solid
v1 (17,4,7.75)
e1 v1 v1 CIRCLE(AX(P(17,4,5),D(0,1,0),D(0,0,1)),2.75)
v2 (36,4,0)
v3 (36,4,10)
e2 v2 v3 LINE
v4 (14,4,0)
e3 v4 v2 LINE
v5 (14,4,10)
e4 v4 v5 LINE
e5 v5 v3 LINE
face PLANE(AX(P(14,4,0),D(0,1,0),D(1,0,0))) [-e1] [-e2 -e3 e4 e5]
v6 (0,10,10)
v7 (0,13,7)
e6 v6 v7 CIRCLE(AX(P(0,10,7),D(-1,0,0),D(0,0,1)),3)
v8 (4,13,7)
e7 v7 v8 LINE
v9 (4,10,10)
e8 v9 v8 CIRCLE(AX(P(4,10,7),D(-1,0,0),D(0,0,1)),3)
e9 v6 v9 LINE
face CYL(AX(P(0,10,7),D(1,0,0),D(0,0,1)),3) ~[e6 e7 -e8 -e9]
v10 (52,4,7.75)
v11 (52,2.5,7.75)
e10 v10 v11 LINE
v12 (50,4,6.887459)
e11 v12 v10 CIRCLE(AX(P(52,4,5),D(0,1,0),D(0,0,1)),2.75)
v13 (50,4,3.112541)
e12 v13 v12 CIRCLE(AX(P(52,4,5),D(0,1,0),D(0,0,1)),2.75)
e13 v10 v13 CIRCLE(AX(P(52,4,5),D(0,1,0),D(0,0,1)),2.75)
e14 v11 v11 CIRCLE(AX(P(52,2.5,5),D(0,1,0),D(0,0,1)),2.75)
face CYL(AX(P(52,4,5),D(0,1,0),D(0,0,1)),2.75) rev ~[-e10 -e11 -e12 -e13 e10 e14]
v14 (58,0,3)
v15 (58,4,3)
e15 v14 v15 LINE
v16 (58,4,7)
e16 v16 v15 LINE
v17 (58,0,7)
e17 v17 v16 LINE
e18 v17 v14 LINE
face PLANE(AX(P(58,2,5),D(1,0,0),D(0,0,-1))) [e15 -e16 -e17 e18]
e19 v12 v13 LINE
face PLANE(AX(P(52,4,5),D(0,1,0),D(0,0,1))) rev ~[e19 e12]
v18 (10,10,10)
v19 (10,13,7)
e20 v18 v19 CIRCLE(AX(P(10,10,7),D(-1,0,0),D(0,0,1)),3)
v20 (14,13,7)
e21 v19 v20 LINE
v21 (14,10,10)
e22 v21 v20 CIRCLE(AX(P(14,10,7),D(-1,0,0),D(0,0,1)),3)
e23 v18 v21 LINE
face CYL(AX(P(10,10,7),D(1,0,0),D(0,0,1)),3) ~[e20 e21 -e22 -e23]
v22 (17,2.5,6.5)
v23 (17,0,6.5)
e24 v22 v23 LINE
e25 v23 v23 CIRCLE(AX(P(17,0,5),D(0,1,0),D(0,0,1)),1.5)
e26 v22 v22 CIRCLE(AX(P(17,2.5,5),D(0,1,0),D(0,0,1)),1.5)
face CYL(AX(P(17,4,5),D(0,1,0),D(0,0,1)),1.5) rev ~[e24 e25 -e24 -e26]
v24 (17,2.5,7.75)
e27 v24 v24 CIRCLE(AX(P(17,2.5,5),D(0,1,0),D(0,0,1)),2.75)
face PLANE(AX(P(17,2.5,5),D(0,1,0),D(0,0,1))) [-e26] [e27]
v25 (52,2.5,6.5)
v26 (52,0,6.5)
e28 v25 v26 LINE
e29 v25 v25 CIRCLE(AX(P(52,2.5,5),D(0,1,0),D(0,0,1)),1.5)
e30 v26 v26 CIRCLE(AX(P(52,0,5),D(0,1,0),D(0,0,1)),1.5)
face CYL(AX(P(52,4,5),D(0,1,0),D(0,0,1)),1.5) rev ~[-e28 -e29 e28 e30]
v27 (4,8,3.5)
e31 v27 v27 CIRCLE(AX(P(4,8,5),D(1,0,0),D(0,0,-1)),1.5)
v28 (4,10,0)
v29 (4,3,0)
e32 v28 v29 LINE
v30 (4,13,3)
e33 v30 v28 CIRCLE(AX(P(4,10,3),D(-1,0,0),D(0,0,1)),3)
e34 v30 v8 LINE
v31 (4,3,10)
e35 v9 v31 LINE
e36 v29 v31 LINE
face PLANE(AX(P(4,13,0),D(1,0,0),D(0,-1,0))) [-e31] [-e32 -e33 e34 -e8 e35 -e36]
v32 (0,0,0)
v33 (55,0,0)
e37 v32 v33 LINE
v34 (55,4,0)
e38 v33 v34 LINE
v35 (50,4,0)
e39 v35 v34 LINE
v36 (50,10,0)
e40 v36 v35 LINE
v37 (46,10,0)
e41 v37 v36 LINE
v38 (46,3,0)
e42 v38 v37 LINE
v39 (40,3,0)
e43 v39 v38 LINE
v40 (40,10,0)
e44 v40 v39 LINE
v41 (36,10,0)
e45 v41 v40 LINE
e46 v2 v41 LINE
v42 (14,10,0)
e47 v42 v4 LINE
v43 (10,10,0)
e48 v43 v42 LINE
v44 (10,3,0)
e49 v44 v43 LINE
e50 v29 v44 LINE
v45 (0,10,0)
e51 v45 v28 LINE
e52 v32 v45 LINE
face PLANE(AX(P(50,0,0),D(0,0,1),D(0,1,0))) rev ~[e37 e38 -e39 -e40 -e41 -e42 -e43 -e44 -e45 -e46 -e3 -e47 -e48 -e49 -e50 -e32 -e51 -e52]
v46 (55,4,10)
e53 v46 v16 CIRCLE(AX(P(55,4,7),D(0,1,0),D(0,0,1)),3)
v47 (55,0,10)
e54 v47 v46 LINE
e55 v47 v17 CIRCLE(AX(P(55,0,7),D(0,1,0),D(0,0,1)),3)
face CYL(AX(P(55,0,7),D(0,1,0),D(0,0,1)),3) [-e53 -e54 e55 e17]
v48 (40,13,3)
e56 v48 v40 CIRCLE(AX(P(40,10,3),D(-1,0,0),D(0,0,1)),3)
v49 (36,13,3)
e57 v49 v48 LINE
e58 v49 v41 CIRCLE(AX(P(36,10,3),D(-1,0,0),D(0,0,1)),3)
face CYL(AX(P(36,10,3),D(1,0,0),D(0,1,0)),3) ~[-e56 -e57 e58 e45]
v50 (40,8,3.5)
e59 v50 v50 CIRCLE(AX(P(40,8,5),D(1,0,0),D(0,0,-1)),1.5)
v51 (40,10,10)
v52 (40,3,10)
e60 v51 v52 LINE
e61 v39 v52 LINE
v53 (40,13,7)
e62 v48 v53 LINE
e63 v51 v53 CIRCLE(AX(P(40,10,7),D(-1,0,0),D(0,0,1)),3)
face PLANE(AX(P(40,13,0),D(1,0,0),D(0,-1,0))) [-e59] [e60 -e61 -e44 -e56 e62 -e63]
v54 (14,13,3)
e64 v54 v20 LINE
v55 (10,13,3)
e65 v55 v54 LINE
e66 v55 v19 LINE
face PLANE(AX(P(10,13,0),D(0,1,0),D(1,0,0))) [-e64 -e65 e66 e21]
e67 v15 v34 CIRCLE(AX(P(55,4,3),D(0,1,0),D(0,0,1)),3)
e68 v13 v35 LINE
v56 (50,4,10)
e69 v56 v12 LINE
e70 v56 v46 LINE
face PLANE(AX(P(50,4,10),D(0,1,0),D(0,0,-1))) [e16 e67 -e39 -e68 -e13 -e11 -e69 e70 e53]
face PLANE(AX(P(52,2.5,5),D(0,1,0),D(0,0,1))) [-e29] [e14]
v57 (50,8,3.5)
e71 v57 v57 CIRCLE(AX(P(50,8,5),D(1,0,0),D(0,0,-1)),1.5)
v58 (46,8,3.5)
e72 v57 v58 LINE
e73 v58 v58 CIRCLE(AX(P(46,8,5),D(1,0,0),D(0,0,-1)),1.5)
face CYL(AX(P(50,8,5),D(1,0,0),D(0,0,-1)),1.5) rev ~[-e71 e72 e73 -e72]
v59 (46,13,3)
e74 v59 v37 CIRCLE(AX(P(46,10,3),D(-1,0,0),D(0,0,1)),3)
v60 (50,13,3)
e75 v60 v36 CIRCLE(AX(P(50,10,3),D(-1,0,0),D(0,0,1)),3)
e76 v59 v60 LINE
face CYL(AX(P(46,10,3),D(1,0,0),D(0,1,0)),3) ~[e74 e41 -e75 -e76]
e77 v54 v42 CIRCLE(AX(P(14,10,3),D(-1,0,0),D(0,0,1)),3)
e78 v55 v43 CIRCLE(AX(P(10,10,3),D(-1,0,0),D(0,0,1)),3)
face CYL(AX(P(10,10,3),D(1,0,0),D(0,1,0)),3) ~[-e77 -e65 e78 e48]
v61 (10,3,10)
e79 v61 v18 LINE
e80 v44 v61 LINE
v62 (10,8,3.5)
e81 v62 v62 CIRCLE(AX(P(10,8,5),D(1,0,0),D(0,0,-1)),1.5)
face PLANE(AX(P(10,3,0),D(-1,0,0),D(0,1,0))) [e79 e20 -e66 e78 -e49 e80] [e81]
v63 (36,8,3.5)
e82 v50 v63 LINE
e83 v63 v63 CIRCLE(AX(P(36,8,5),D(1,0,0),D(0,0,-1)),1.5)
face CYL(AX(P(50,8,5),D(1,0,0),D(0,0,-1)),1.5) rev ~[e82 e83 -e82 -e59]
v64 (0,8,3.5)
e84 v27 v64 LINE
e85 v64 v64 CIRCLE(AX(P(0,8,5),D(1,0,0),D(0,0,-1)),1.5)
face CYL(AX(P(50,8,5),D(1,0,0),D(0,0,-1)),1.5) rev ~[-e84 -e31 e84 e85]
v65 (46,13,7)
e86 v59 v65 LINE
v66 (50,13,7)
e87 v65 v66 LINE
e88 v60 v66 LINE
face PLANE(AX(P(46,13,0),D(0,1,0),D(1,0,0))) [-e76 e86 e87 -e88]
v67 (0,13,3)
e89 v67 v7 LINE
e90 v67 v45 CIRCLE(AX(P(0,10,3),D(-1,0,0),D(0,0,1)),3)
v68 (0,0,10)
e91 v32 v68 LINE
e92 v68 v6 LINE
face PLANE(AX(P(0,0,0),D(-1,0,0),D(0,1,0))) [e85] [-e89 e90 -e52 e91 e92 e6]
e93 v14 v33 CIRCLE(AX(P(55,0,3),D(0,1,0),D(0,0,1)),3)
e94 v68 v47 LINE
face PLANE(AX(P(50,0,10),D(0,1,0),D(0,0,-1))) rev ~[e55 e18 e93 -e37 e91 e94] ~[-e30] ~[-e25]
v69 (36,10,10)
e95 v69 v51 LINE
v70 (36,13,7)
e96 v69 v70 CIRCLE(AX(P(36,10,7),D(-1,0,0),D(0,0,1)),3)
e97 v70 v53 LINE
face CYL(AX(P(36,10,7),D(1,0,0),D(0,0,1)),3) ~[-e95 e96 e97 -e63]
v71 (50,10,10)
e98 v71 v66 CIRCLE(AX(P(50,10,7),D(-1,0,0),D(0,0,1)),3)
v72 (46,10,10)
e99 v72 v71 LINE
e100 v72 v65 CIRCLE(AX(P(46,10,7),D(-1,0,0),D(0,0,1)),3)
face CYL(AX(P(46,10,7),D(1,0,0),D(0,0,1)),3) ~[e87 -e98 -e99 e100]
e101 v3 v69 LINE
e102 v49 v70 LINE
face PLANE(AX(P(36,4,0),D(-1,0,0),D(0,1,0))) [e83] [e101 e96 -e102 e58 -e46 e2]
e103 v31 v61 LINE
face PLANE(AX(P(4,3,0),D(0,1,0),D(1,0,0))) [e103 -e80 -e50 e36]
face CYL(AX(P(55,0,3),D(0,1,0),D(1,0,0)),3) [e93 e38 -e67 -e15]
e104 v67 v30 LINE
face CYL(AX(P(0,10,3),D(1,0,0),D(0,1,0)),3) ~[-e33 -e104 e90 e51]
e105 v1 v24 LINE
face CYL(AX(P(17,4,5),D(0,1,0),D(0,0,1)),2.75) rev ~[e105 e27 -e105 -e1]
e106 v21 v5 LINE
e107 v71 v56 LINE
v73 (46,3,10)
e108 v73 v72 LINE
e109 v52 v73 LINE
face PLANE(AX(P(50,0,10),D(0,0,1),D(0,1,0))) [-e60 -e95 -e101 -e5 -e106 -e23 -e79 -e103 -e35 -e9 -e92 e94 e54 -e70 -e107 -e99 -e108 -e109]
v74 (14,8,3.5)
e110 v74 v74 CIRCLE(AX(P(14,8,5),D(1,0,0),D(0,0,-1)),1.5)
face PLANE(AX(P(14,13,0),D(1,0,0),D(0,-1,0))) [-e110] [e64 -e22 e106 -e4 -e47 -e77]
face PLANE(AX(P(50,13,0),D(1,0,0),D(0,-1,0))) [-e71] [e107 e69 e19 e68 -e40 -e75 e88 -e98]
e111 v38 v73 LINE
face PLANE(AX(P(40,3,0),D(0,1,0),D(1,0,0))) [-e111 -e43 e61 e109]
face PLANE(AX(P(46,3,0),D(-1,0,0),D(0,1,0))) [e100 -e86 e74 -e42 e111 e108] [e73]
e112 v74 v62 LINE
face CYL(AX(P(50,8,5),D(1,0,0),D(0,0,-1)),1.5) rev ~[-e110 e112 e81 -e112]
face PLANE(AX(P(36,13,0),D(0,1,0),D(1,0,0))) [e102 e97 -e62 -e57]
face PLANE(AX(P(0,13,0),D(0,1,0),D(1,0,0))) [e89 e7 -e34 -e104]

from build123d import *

# Parameters (mm, degrees)
EXTRUDE_1_DEPTH     = 10
SKETCH_2_W          = 10
SKETCH_2_H          = 4
EXTRUDE_2_DEPTH     = 8
SKETCH_3_R          = 1.5
CUT_EXTRUDE_1_DEPTH = 5
SKETCH_4_R          = 2.75
CUT_EXTRUDE_2_DEPTH = 1.5
FILLET_1_R          = 3
SKETCH_5_R          = 1.5
CUT_EXTRUDE_3_DEPTH = 53.621288468
FILLET_2_R          = 3


with BuildPart() as part:
    # 草图1 → 凸台-拉伸1 (new body)
    with BuildSketch(Plane.XY):
        Polygon((0, 0), (0, 13), (4, 13), (4, 3), (10, 3), (10, 13), (14, 13), (14, 4), (36, 4), (36, 13), (40, 13), (40, 3), (46, 3), (46, 13), (50, 13), (50, 0), align=None)
    extrude(amount=EXTRUDE_1_DEPTH)

    # 草图2 → 凸台-拉伸2 (add)
    with BuildSketch(Plane(origin=(50, 0, 0), x_dir=(0, 0, -1), z_dir=(1, 0, 0))):
        with Locations((-5, 2)):
            Rectangle(SKETCH_2_W, SKETCH_2_H)
    extrude(amount=EXTRUDE_2_DEPTH)

    # 草图3 → 切除-拉伸1 (cut)
    with BuildSketch(Plane(origin=(0, 4, 0), x_dir=(1, 0, 0), z_dir=(0, 1, 0))):
        with Locations(Location((17, -5, 0), (0, 0, 270))):
            Circle(SKETCH_3_R)
        with Locations(Location((52, -5, 0), (0, 0, 270))):
            Circle(SKETCH_3_R)
    extrude(amount=-CUT_EXTRUDE_1_DEPTH, mode=Mode.SUBTRACT)

    # 草图4 → 切除-拉伸2 (cut)
    with BuildSketch(Plane(origin=(0, 4, 0), x_dir=(1, 0, 0), z_dir=(0, 1, 0))):
        with Locations(Location((17, -5, 0), (0, 0, 270))):
            Circle(SKETCH_4_R)
        with Locations(Location((52, -5, 0), (0, 0, 270))):
            Circle(SKETCH_4_R)
    extrude(amount=-CUT_EXTRUDE_2_DEPTH, mode=Mode.SUBTRACT)

    # 圆角1
    fillet_1_edges = [part.edges().sort_by_distance(p)[0] for p in [
        (48, 13, 10),
        (2, 13, 0),
        (12, 13, 0),
        (38, 13, 0),
        (48, 13, 0),
        (38, 13, 10),
        (12, 13, 10),
        (2, 13, 10),
    ]]
    fillet(fillet_1_edges, radius=FILLET_1_R)

    # 草图5 → 切除-拉伸3 (cut, through all)
    with BuildSketch(Plane(origin=(50, 0, 0), x_dir=(0, 0, -1), z_dir=(1, 0, 0))):
        with Locations((-5, 8)):
            Circle(SKETCH_5_R)
    extrude(amount=-CUT_EXTRUDE_3_DEPTH, mode=Mode.SUBTRACT)

    # 圆角2
    fillet_2_edges = [part.edges().sort_by_distance(p)[0] for p in [
        (58, 2, 10),
        (58, 2, 0),
    ]]
    fillet(fillet_2_edges, radius=FILLET_2_R)


solid = part.part
